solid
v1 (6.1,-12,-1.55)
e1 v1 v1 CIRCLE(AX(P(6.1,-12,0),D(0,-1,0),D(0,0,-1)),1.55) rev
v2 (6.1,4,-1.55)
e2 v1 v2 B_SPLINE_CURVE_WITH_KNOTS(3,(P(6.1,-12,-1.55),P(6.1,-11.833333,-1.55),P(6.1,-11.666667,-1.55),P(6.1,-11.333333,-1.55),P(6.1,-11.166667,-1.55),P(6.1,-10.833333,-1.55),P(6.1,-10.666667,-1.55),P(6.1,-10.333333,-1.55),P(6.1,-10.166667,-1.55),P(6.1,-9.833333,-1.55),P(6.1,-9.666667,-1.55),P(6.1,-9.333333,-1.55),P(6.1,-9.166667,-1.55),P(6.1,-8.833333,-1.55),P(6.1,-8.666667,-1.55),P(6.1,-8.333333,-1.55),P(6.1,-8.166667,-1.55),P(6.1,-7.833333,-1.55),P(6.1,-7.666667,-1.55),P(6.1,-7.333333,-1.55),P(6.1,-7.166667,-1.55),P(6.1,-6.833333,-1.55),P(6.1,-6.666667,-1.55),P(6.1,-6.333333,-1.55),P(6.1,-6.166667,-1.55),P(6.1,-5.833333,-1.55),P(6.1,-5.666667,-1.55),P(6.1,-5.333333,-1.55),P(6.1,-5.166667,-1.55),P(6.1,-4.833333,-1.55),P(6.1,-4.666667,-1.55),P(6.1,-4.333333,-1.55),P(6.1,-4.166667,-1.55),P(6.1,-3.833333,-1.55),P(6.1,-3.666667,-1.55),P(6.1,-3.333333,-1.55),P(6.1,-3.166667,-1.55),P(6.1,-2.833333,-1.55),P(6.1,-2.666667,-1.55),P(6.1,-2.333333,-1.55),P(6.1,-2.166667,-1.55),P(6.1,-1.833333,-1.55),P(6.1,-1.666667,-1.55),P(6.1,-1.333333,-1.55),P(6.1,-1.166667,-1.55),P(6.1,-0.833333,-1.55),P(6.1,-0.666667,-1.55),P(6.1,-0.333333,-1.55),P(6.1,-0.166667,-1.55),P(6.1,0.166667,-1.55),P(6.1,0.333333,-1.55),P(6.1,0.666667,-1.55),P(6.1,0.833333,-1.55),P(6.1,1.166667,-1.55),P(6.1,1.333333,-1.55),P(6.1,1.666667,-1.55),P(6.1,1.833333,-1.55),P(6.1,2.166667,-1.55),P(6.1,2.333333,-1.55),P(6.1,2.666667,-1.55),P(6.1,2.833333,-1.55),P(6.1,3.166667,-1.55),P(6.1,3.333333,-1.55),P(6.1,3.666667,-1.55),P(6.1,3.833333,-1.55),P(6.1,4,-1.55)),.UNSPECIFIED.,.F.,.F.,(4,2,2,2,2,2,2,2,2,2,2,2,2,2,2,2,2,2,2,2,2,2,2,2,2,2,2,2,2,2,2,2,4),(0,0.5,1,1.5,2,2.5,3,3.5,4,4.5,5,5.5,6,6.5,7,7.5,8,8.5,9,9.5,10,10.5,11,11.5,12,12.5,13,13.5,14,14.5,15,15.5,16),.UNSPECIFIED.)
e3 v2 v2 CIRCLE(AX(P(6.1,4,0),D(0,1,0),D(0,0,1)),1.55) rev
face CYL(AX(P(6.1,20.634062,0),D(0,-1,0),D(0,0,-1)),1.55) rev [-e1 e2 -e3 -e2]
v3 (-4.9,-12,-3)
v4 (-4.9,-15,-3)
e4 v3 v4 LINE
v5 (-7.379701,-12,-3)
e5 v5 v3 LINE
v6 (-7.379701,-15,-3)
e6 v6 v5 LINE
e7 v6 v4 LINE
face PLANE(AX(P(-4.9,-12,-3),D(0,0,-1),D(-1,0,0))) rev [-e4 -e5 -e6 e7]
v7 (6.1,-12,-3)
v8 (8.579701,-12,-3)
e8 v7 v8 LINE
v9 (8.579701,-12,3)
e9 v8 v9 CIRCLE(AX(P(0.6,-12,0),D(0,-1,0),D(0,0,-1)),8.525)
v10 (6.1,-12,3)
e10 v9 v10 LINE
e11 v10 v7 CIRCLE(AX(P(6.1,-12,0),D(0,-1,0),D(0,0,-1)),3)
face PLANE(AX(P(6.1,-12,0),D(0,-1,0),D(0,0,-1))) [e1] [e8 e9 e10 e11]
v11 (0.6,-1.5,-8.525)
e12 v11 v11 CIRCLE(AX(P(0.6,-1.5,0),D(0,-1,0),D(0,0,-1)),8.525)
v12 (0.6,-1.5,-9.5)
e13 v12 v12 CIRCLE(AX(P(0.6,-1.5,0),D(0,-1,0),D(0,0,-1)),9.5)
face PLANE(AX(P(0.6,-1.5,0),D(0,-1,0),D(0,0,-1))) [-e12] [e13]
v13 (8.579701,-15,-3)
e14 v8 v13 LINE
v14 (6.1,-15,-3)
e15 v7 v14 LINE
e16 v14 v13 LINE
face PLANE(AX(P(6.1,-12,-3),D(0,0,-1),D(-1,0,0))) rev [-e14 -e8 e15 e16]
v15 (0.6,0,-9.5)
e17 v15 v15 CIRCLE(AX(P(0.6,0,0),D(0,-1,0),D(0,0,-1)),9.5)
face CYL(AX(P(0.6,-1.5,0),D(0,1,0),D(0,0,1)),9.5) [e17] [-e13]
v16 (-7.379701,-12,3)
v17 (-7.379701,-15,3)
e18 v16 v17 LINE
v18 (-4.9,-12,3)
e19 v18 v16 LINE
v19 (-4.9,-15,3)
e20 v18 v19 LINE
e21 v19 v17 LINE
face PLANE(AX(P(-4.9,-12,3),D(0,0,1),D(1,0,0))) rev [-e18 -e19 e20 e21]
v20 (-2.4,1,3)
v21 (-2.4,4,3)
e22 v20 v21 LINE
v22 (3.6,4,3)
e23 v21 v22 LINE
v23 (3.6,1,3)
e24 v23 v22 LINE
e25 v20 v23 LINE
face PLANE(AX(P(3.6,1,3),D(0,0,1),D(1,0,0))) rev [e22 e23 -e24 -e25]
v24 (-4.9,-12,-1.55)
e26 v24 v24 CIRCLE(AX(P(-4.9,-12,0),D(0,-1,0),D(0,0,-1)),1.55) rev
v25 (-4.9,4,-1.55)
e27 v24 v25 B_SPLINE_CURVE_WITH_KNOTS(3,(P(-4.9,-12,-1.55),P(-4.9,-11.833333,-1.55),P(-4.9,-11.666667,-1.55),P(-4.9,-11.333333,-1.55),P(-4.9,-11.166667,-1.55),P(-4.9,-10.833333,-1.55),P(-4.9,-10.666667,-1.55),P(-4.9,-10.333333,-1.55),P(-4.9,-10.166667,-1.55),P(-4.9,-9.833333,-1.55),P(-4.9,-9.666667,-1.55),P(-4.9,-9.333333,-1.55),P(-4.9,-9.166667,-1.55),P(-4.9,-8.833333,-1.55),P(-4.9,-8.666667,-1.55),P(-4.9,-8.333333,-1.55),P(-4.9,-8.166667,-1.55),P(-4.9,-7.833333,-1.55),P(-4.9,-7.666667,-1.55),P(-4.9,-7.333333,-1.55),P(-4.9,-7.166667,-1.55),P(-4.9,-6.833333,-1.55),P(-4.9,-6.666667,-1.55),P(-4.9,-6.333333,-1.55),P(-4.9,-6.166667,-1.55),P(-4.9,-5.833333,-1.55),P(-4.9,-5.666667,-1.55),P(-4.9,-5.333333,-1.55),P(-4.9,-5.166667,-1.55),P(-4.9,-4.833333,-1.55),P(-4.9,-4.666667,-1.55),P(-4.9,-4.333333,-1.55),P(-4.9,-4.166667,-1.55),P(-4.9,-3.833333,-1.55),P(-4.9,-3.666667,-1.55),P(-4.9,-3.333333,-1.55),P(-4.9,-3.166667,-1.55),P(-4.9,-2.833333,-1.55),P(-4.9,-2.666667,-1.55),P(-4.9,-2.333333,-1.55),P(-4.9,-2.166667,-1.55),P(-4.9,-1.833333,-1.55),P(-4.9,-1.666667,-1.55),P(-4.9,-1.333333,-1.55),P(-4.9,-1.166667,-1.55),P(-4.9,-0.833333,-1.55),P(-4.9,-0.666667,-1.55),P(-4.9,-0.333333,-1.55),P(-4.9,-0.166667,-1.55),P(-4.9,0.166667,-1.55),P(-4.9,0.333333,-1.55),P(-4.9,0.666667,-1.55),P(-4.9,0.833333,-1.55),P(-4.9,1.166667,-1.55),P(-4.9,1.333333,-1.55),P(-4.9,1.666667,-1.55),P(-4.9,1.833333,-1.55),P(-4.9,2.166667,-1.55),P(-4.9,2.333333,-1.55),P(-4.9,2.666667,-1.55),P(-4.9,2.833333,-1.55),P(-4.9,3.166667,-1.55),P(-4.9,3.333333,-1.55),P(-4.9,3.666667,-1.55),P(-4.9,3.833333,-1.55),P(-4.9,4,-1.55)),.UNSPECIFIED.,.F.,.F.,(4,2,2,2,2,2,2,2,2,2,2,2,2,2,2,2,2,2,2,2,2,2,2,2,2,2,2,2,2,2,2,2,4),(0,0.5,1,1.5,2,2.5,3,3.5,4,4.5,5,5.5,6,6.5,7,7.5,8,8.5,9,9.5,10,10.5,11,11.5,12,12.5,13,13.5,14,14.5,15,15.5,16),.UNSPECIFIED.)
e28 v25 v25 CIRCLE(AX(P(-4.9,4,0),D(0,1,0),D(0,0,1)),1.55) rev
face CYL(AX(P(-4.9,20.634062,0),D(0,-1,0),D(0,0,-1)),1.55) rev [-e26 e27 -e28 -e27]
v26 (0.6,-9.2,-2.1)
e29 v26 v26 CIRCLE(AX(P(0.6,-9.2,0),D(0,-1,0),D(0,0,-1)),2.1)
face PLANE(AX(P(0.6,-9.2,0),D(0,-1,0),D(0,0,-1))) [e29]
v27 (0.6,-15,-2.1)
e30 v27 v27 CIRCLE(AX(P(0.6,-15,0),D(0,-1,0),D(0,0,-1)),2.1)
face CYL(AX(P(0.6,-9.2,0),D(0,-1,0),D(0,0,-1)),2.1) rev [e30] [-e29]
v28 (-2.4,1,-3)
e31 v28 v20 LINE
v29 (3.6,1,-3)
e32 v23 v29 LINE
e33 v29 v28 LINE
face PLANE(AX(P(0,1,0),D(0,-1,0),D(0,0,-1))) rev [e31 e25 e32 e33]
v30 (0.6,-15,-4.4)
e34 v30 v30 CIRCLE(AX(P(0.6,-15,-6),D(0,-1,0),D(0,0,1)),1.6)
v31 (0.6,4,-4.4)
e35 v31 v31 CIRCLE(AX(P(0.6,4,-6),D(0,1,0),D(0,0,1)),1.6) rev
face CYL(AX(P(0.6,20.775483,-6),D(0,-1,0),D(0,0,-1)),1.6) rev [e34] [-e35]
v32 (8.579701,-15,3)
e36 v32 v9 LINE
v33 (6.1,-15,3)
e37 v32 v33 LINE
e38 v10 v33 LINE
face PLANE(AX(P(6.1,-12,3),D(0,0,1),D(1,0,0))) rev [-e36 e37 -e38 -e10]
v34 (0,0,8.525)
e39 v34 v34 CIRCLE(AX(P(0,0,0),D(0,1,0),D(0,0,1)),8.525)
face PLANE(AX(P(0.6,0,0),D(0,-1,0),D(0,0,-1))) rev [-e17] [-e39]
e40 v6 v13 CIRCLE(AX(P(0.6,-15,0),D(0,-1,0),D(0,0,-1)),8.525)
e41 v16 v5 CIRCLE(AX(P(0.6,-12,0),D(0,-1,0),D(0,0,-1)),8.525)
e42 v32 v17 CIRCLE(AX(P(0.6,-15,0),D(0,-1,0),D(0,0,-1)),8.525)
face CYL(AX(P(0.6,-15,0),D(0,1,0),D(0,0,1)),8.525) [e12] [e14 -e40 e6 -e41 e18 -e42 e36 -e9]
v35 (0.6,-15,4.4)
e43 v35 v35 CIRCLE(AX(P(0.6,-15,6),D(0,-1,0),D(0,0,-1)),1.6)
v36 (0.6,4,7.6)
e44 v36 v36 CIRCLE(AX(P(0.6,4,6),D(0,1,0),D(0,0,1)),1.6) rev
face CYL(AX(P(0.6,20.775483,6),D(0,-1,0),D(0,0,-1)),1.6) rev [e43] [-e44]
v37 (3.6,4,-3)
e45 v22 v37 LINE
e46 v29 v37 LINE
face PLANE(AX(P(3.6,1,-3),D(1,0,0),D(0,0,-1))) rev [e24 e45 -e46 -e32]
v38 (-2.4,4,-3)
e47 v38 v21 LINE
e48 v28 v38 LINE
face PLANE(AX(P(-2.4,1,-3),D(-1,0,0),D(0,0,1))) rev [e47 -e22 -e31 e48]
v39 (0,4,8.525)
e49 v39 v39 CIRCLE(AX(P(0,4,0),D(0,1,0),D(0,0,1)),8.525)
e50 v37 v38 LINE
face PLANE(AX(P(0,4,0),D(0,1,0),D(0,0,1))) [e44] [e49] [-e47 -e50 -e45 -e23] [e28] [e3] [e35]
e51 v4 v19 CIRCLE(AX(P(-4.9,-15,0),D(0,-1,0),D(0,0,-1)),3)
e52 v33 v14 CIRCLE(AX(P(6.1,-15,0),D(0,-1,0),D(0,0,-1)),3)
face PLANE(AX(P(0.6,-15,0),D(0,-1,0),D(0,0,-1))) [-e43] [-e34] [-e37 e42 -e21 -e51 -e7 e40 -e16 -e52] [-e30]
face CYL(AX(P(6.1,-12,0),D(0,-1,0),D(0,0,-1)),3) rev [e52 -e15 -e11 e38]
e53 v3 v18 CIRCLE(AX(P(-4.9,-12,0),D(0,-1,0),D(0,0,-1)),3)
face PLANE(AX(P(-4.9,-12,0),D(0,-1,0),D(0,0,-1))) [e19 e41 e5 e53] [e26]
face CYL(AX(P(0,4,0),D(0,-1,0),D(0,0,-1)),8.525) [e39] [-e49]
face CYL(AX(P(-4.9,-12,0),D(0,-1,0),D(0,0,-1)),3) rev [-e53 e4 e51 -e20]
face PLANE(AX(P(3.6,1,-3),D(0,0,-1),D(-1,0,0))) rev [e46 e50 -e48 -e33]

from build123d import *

# Parameters (mm, degrees)
SKETCH1_R            = 8.525
BOSS_EXTRUDE11_DEPTH = 4
SKETCH20_R           = 8.575
BOSS_EXTRUDE12_DEPTH = 4
SKETCH21_R           = 9.5
BOSS_EXTRUDE13_DEPTH = 1.25
SKETCH22_R           = 8.55
BOSS_EXTRUDE14_DEPTH = 7
SKETCH30_R           = 8.525
BOSS_EXTRUDE15_DEPTH = 15
SKETCH33_R           = 2.1
CUT_EXTRUDE14_DEPTH  = 5.8
BOSS_EXTRUDE16_START = 1.5
SKETCH35_R           = 9.5
BOSS_EXTRUDE16_DEPTH = 1.5
SKETCH36_R           = 1.6
CUT_EXTRUDE15_DEPTH  = 31.25
CIRPATTERN1_COUNT    = 2
SKETCH43_R           = 1.55
CUT_EXTRUDE20_DEPTH  = 31.25
SKETCH44_R           = 2
CUT_EXTRUDE21_DEPTH  = 4
CUT_EXTRUDE22_DEPTH  = 3
CUT_EXTRUDE23_DEPTH  = 3
SKETCH47_W           = 22.343806143
SKETCH47_H           = 21.789827479
CUT_EXTRUDE24_DEPTH  = 12.25
SKETCH48_W           = 6
SKETCH48_H           = 6
CUT_EXTRUDE25_DEPTH  = 3


with BuildPart() as part:
    # Sketch1 → Boss-Extrude11 (new body)
    with BuildSketch(Plane(origin=(0, 0, 0), x_dir=(1, 0, 0), z_dir=(0, 1, 0))):
        with Locations(Location((0, 0, 0), (0, 0, 270))):
            Circle(SKETCH1_R)
    extrude(amount=BOSS_EXTRUDE11_DEPTH)

    # Sketch20 → Boss-Extrude12 (add)
    with BuildSketch(Plane(origin=(0, 4, 0), x_dir=(1, 0, 0), z_dir=(0, 1, 0))):
        with Locations(Location((1.2, 0, 0), (0, 0, 96.402715722))):
            Circle(SKETCH20_R)
    extrude(amount=BOSS_EXTRUDE12_DEPTH)

    # Sketch21 → Boss-Extrude13 (add)
    with BuildSketch(Plane(origin=(0, 8, 0), x_dir=(1, 0, 0), z_dir=(0, 1, 0))):
        with Locations(Location((0.6, 0, 0), (0, 0, 270))):
            Circle(SKETCH21_R)
    extrude(amount=BOSS_EXTRUDE13_DEPTH)

    # Sketch22 → Boss-Extrude14 (add)
    with BuildSketch(Plane(origin=(0, 9.25, 0), x_dir=(1, 0, 0), z_dir=(0, 1, 0))):
        with Locations(Location((0.6, 0, 0), (0, 0, 270))):
            Circle(SKETCH22_R)
    extrude(amount=BOSS_EXTRUDE14_DEPTH)

    # Sketch30 → Boss-Extrude15 (add)
    with BuildSketch(Plane.XZ):
        with Locations(Location((0.6, 0, 0), (0, 0, 92.01669015))):
            Circle(SKETCH30_R)
    extrude(amount=BOSS_EXTRUDE15_DEPTH)

    # Sketch33 → Cut-Extrude14 (cut)
    with BuildSketch(Plane.XZ.offset(15)):
        with Locations(Location((0.6, 0, 0), (0, 0, 270))):
            Circle(SKETCH33_R)
    extrude(amount=-CUT_EXTRUDE14_DEPTH, mode=Mode.SUBTRACT)

    # Sketch35 → Boss-Extrude16 (add)
    with BuildSketch(Plane.XZ.offset(BOSS_EXTRUDE16_START)):
        with Locations(Location((0.6, 0, 0), (0, 0, 90))):
            Circle(SKETCH35_R)
    extrude(amount=-BOSS_EXTRUDE16_DEPTH)

    # Sketch36 → Cut-Extrude15 (cut)
    with BuildSketch(Plane.XZ.offset(15)):
        with Locations(Location((0.6, 6, 0), (0, 0, 270))):
            Circle(SKETCH36_R)
    cut_extrude15 = extrude(amount=-CUT_EXTRUDE15_DEPTH, mode=Mode.SUBTRACT)

    # CirPattern1: Cut-Extrude15 ×2 about axis
    cirpattern1_axis = Axis((0.6, 0, 0), (0, 1, 0))
    for i in range(1, CIRPATTERN1_COUNT):
        add(cut_extrude15.rotate(cirpattern1_axis, i * 360 / CIRPATTERN1_COUNT), mode=Mode.SUBTRACT)

    # Sketch43 → Cut-Extrude20 (cut)
    with BuildSketch(Plane.XZ.offset(15)):
        with Locations(Location((-4.9, 0, 0), (0, 0, 270))):
            Circle(SKETCH43_R)
        with Locations(Location((6.1, 0, 0), (0, 0, 270))):
            Circle(SKETCH43_R)
    extrude(amount=-CUT_EXTRUDE20_DEPTH, mode=Mode.SUBTRACT)

    # Sketch44 → Cut-Extrude21 (cut)
    with BuildSketch(Plane(origin=(0, 16.25, 0), x_dir=(1, 0, 0), z_dir=(0, 1, 0))):
        with Locations(Location((-4.9, 0, 0), (0, 0, 270))):
            Circle(SKETCH44_R)
        with Locations(Location((6.1, 0, 0), (0, 0, 270))):
            Circle(SKETCH44_R)
    extrude(amount=-CUT_EXTRUDE21_DEPTH, mode=Mode.SUBTRACT)

    # Sketch45 → Cut-Extrude22 (cut)
    with BuildSketch(Plane(origin=(0, 16.25, 0), x_dir=(1, 0, 0), z_dir=(0, 1, 0))):
        with BuildLine():
            Line((-2.4, -6), (-2.4, -10.872564071))
            Line((-2.4, -10.872564071), (3.6, -10.872564071))
            Line((3.6, -10.872564071), (3.6, -6))
            ThreePointArc((3.6, -6), (0.6, -3), (-2.4, -6))
        make_face()
        with BuildLine():
            Line((-2.4, 6), (-2.4, 11.42214608))
            Line((-2.4, 11.42214608), (3.6, 11.42214608))
            Line((3.6, 11.42214608), (3.6, 6))
            ThreePointArc((3.6, 6), (0.6, 3), (-2.4, 6))
        make_face()
    extrude(amount=-CUT_EXTRUDE22_DEPTH, mode=Mode.SUBTRACT)

    # Sketch46 → Cut-Extrude23 (cut)
    with BuildSketch(Plane.XZ.offset(15)):
        with BuildLine():
            Line((-4.9, 3), (-9.719928829, 3))
            Line((-9.719928829, 3), (-9.719928829, -3))
            Line((-9.719928829, -3), (-4.9, -3))
            ThreePointArc((-4.9, -3), (-1.9, 0), (-4.9, 3))
        make_face()
        with BuildLine():
            Line((6.1, 3), (10.889396495, 3))
            Line((10.889396495, 3), (10.889396495, -3))
            Line((10.889396495, -3), (6.1, -3))
            ThreePointArc((6.1, -3), (3.1, 0), (6.1, 3))
        make_face()
    extrude(amount=-CUT_EXTRUDE23_DEPTH, mode=Mode.SUBTRACT)

    # Sketch47 → Cut-Extrude24 (cut)
    with BuildSketch(Plane(origin=(0, 16.25, 0), x_dir=(1, 0, 0), z_dir=(0, 1, 0))):
        with Locations((0.37577054, -0.013189968)):
            Rectangle(SKETCH47_W, SKETCH47_H)
    extrude(amount=-CUT_EXTRUDE24_DEPTH, mode=Mode.SUBTRACT)

    # Sketch48 → Cut-Extrude25 (cut)
    with BuildSketch(Plane(origin=(0, 4, 0), x_dir=(1, 0, 0), z_dir=(0, 1, 0))):
        with Locations((0.6, 0)):
            Rectangle(SKETCH48_W, SKETCH48_H)
    extrude(amount=-CUT_EXTRUDE25_DEPTH, mode=Mode.SUBTRACT)


solid = part.part
